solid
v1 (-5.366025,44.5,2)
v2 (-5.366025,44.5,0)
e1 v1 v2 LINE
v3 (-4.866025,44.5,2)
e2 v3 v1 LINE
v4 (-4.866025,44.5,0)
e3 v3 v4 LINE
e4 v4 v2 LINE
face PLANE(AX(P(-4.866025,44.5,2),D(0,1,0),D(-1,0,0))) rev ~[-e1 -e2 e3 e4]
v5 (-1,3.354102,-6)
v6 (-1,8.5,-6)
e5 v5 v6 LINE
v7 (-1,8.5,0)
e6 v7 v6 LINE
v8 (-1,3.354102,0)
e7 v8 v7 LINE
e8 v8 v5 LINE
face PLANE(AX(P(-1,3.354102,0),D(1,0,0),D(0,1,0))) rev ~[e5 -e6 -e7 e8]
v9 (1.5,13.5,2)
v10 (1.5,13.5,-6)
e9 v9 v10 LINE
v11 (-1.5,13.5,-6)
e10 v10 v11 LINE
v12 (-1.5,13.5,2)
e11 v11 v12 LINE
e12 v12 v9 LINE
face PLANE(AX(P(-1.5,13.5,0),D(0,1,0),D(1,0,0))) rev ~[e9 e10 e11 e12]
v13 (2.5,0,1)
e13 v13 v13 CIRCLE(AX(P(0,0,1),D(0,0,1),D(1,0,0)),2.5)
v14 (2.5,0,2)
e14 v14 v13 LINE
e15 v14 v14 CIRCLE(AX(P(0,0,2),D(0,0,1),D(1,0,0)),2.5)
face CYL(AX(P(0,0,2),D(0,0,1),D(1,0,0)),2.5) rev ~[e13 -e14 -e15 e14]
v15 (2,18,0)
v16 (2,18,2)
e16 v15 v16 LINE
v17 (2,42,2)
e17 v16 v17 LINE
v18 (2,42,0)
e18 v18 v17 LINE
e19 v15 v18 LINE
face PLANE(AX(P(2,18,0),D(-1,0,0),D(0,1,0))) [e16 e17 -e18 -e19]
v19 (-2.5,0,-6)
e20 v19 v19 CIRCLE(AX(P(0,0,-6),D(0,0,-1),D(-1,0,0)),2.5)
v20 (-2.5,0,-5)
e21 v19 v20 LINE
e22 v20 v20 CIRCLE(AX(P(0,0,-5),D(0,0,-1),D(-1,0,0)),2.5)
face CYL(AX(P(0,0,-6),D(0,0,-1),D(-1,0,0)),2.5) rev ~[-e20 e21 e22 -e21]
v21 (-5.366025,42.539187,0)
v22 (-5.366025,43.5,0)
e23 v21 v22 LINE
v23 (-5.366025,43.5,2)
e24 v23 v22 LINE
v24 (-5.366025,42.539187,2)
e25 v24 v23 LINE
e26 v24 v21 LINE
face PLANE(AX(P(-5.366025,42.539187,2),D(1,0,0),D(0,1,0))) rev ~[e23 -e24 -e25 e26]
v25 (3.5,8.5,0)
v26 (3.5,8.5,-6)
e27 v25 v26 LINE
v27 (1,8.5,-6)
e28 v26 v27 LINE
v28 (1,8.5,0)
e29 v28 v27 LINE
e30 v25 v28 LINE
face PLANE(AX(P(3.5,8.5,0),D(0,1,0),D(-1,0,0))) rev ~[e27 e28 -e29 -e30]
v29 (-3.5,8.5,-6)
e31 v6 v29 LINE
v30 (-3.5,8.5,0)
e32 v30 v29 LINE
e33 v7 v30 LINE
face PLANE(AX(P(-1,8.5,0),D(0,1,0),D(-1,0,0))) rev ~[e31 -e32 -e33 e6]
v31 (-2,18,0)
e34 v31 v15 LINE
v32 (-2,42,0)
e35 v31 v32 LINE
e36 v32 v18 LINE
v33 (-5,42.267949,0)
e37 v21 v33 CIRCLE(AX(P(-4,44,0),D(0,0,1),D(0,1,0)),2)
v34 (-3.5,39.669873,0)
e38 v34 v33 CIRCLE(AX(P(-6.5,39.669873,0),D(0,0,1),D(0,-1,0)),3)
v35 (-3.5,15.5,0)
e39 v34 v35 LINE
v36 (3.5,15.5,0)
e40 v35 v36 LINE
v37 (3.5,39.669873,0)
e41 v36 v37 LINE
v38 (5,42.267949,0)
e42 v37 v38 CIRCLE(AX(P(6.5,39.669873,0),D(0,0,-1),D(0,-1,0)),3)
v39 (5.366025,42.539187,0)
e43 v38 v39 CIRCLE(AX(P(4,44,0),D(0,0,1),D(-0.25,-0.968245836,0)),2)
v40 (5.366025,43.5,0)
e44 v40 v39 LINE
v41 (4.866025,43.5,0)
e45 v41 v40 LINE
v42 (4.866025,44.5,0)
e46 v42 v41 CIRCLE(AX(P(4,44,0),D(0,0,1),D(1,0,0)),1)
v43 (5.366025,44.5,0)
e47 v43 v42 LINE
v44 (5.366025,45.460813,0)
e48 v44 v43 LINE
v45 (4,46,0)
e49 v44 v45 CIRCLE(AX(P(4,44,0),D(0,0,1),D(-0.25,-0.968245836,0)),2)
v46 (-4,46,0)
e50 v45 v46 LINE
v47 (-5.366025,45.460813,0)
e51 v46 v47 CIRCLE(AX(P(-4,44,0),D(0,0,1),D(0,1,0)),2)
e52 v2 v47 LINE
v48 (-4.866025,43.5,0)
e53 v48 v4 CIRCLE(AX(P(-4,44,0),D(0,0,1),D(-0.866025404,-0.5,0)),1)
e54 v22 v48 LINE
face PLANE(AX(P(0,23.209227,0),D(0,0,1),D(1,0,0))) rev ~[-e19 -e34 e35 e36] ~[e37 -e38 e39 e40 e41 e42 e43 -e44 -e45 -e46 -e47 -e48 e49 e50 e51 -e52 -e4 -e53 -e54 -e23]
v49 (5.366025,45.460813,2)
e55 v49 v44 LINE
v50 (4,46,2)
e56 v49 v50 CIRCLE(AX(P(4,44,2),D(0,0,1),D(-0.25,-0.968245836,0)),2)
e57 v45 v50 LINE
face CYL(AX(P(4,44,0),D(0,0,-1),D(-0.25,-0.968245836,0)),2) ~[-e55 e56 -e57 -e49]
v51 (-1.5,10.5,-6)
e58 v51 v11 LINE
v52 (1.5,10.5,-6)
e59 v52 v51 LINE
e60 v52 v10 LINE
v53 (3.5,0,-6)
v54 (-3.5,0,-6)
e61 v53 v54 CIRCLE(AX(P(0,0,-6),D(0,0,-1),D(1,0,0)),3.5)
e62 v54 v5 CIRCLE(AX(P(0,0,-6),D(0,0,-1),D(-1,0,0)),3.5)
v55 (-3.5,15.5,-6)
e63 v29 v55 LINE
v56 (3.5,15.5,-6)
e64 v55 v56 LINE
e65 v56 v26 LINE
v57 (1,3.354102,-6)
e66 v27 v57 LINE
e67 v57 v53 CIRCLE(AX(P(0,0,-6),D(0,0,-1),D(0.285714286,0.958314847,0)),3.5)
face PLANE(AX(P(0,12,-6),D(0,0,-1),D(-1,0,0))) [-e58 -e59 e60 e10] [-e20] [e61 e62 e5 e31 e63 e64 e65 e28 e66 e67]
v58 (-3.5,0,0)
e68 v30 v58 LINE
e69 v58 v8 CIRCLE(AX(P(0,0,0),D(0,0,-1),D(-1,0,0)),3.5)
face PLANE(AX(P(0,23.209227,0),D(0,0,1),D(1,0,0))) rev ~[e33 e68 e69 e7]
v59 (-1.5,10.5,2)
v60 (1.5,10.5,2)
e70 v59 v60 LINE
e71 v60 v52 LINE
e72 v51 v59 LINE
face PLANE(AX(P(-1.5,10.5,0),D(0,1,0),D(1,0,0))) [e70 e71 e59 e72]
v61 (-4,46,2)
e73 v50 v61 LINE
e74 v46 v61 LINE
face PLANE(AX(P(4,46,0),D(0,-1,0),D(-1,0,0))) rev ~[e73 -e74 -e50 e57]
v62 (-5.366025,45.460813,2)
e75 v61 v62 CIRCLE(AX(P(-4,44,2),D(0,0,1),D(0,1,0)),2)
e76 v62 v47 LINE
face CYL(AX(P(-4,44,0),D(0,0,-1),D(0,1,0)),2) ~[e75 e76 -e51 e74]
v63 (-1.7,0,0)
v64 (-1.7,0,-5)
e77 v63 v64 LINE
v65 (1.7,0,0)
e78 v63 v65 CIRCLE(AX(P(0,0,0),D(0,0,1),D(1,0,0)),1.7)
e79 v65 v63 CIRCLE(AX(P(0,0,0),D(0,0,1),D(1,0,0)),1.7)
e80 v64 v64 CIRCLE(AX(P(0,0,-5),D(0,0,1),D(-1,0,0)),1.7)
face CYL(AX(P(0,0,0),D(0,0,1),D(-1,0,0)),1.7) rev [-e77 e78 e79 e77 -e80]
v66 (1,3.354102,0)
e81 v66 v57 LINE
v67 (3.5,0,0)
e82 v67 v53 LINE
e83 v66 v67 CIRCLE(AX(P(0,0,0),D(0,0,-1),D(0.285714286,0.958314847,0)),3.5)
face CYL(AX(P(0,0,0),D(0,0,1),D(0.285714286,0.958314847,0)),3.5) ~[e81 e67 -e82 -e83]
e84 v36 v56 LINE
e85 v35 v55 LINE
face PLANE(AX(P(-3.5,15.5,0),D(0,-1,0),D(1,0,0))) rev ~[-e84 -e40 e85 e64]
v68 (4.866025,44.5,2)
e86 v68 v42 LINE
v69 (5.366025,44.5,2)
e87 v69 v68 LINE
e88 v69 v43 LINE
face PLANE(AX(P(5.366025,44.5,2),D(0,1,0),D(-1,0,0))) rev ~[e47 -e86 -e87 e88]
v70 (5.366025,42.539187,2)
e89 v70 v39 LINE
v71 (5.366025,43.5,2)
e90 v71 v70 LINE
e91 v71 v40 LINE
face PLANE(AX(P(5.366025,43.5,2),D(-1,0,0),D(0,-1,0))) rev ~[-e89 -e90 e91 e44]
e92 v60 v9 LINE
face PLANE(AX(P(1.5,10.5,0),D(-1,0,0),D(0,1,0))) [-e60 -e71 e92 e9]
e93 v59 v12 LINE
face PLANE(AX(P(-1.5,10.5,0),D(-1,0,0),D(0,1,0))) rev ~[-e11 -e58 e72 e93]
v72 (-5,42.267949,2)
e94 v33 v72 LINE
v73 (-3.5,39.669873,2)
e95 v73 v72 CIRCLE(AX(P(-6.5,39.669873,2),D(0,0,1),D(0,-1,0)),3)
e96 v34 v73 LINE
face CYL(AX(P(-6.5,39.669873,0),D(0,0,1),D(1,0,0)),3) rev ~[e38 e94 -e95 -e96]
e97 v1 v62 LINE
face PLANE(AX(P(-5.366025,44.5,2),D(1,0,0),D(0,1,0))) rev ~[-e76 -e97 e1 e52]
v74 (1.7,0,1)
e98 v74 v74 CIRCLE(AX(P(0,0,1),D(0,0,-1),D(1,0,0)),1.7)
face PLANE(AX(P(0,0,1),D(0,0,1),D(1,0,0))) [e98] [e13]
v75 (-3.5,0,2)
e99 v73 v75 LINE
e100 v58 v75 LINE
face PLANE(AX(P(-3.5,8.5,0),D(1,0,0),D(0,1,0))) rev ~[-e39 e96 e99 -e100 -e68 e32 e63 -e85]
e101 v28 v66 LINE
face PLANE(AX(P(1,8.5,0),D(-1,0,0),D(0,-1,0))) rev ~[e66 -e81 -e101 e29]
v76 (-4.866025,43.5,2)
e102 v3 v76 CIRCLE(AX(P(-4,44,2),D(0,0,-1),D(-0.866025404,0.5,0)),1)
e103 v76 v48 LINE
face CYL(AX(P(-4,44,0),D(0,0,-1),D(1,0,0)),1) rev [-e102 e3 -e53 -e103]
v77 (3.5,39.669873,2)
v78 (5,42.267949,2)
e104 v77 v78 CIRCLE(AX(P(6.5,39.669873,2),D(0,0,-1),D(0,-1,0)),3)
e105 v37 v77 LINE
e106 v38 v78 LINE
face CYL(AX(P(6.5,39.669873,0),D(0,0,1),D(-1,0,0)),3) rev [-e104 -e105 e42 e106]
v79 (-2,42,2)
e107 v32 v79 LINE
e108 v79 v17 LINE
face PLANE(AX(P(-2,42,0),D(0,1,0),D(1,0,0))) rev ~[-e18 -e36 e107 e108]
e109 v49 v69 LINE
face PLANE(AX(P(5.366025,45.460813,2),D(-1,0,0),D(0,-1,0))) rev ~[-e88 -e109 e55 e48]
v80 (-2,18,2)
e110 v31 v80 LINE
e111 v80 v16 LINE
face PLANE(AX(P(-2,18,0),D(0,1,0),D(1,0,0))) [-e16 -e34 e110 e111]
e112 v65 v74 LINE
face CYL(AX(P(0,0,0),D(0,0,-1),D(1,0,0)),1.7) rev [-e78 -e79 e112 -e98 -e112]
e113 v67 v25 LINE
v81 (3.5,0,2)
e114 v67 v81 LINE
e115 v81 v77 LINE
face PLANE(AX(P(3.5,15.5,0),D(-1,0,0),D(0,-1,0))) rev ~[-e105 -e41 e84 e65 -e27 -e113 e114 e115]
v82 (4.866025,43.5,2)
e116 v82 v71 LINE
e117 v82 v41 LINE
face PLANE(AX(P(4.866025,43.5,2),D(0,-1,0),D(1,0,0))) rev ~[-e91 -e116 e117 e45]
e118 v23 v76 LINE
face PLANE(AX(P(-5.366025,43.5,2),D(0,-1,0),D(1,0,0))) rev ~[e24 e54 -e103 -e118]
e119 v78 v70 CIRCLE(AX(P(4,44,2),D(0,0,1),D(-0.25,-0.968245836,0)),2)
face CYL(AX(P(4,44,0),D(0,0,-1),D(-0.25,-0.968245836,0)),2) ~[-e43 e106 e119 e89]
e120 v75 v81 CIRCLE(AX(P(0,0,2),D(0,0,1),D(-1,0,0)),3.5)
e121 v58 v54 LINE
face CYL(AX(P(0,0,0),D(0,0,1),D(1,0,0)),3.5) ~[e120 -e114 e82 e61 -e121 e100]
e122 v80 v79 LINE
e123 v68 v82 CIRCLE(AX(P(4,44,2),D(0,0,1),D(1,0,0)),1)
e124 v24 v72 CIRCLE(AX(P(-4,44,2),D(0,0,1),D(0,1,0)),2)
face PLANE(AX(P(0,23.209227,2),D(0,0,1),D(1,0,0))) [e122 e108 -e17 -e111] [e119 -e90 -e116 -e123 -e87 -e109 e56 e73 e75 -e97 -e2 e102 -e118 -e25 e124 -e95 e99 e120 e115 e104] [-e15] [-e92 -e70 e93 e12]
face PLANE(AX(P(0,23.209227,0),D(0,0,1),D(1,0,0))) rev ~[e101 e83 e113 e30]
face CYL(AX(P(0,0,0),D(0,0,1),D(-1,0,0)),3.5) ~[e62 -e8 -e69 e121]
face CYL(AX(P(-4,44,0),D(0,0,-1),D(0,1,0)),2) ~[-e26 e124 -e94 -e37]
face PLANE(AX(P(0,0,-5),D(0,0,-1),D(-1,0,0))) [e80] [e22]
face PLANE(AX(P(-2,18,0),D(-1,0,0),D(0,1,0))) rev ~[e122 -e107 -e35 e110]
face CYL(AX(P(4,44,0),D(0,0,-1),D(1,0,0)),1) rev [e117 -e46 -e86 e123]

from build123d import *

# Parameters (mm, degrees)
SKETCH_1_R          = 1.7
SKETCH_1_R_2        = 1
SKETCH_1_W          = 4
SKETCH_1_H          = 24
SKETCH_1_W_2        = 3
SKETCH_1_H_2        = 3
EXTRUDE_1_DEPTH     = 2
SKETCH_2_W          = 3
SKETCH_2_H          = 3
SKETCH_2_R          = 1.7
EXTRUDE_2_DEPTH     = 6
FILLET_2_R          = 3
SKETCH_4_R          = 2.5
CUT_EXTRUDE_2_DEPTH = 1
SKETCH_5_R          = 2.5
CUT_EXTRUDE_3_DEPTH = 1
CUT_EXTRUDE_4_DEPTH = 10


with BuildPart() as part:
    # 草图1 → 凸台-拉伸1 (new body)
    with BuildSketch(Plane.XY):
        with BuildLine():
            Line((4, 46), (-4, 46))
            ThreePointArc((-4, 46), (-5.984059393, 43.747991415), (-3.5, 42.063508327))
            Line((-3.5, 42.063508327), (-3.5, 42))
            Line((-3.5, 42), (-3.5, 0))
            ThreePointArc((-3.5, 0), (0, -3.5), (3.5, 0))
            Line((3.5, 0), (3.5, 42))
            Line((3.5, 42), (3.5, 42.063508327))
            ThreePointArc((3.5, 42.063508327), (5.984059393, 43.747991415), (4, 46))
        make_face()
        Circle(SKETCH_1_R, mode=Mode.SUBTRACT)
        with Locations((-4, 44)):
            Circle(SKETCH_1_R_2, mode=Mode.SUBTRACT)
        with Locations((4, 44)):
            Circle(SKETCH_1_R_2, mode=Mode.SUBTRACT)
        with Locations((0, 30)):
            Rectangle(SKETCH_1_W, SKETCH_1_H, mode=Mode.SUBTRACT)
        with Locations((0, 12)):
            Rectangle(SKETCH_1_W_2, SKETCH_1_H_2, mode=Mode.SUBTRACT)
    extrude(amount=EXTRUDE_1_DEPTH)

    # 草图2 → 凸台-拉伸2 (add)
    with BuildSketch(Plane(origin=(0, 0, 0), x_dir=(-1, 0, 0), z_dir=(0, 0, -1))):
        Polygon((3.5, 15.5), (-3.5, 15.5), (-3.5, 8.5), (-1, 8.5), (1, 8.5), (3.5, 8.5), align=None)
        with Locations((0, 12)):
            Rectangle(SKETCH_2_W, SKETCH_2_H, mode=Mode.SUBTRACT)
        with BuildLine():
            Line((1, 8.5), (-1, 8.5))
            Line((-1, 8.5), (-1, 3.354101966))
            ThreePointArc((-1, 3.354101966), (0, 3.5), (1, 3.354101966))
            Line((1, 3.354101966), (1, 8.5))
        make_face()
        with BuildLine():
            ThreePointArc((-1, 3.354101966), (-2.80624304, 2.091650066), (-3.5, 0))
            ThreePointArc((-3.5, 0), (0, -3.5), (3.5, 0))
            ThreePointArc((3.5, 0), (2.80624304, 2.091650066), (1, 3.354101966))
            ThreePointArc((1, 3.354101966), (0, 3.5), (-1, 3.354101966))
        make_face()
        Circle(SKETCH_2_R, mode=Mode.SUBTRACT)
    extrude(amount=EXTRUDE_2_DEPTH)

    # 圆角2
    fillet_2_edges = [part.edges().sort_by_distance(p)[0] for p in [
        (3.5, 42.063508327, 1),
        (-3.5, 42.063508327, 1),
    ]]
    fillet(fillet_2_edges, radius=FILLET_2_R)

    # 草图4 → 切除-拉伸2 (cut)
    with BuildSketch(Plane.XY.offset(2)):
        Circle(SKETCH_4_R)
    extrude(amount=-CUT_EXTRUDE_2_DEPTH, mode=Mode.SUBTRACT)

    # 草图5 → 切除-拉伸3 (cut)
    with BuildSketch(Plane(origin=(0, 0, -6), x_dir=(-1, 0, 0), z_dir=(0, 0, -1))):
        Circle(SKETCH_5_R)
    extrude(amount=-CUT_EXTRUDE_3_DEPTH, mode=Mode.SUBTRACT)

    # 草图3 → 切除-拉伸4 (cut)
    with BuildSketch(Plane.XY.offset(2)):
        with BuildLine():
            Line((-5.366025404, 44.5), (-5.366025404, 43.5))
            Line((-5.366025404, 43.5), (-4.866025404, 43.5))
            ThreePointArc((-4.866025404, 43.5), (-5, 44), (-4.866025404, 44.5))
            Line((-4.866025404, 44.5), (-5.366025404, 44.5))
        make_face()
        with BuildLine():
            ThreePointArc((-5.936491673, 44.5), (-6, 44), (-5.936491673, 43.5))
            Line((-5.936491673, 43.5), (-5.366025404, 43.5))
            Line((-5.366025404, 43.5), (-5.366025404, 44.5))
            Line((-5.366025404, 44.5), (-5.936491673, 44.5))
        make_face()
        with BuildLine():
            ThreePointArc((-5.366025404, 45.460812992), (-5.719722408, 45.021055747), (-5.936491673, 44.5))
            Line((-5.936491673, 44.5), (-5.366025404, 44.5))
            Line((-5.366025404, 44.5), (-5.366025404, 45.460812992))
        make_face()
        with BuildLine():
            Line((-5.366025404, 43.5), (-5.936491673, 43.5))
            ThreePointArc((-5.936491673, 43.5), (-5.719722408, 42.978944253), (-5.366025404, 42.539187008))
            Line((-5.366025404, 42.539187008), (-5.366025404, 43.5))
        make_face()
        with BuildLine():
            ThreePointArc((5.936491673, 43.5), (6, 44), (5.936491673, 44.5))
            Line((5.936491673, 44.5), (5.366025404, 44.5))
            Line((5.366025404, 44.5), (5.366025404, 43.5))
            Line((5.366025404, 43.5), (5.936491673, 43.5))
        make_face()
        with BuildLine():
            Line((5.366025404, 44.5), (5.936491673, 44.5))
            ThreePointArc((5.936491673, 44.5), (5.719722408, 45.021055747), (5.366025404, 45.460812992))
            Line((5.366025404, 45.460812992), (5.366025404, 44.5))
        make_face()
        with BuildLine():
            Line((5.366025404, 43.5), (5.366025404, 44.5))
            Line((5.366025404, 44.5), (4.866025404, 44.5))
            ThreePointArc((4.866025404, 44.5), (4.965925826, 44.258819045), (5, 44))
            ThreePointArc((5, 44), (4.965925826, 43.741180955), (4.866025404, 43.5))
            Line((4.866025404, 43.5), (5.366025404, 43.5))
        make_face()
        with BuildLine():
            ThreePointArc((5.366025404, 42.539187008), (5.719722408, 42.978944253), (5.936491673, 43.5))
            Line((5.936491673, 43.5), (5.366025404, 43.5))
            Line((5.366025404, 43.5), (5.366025404, 42.539187008))
        make_face()
    extrude(amount=-CUT_EXTRUDE_4_DEPTH, mode=Mode.SUBTRACT)


solid = part.part
